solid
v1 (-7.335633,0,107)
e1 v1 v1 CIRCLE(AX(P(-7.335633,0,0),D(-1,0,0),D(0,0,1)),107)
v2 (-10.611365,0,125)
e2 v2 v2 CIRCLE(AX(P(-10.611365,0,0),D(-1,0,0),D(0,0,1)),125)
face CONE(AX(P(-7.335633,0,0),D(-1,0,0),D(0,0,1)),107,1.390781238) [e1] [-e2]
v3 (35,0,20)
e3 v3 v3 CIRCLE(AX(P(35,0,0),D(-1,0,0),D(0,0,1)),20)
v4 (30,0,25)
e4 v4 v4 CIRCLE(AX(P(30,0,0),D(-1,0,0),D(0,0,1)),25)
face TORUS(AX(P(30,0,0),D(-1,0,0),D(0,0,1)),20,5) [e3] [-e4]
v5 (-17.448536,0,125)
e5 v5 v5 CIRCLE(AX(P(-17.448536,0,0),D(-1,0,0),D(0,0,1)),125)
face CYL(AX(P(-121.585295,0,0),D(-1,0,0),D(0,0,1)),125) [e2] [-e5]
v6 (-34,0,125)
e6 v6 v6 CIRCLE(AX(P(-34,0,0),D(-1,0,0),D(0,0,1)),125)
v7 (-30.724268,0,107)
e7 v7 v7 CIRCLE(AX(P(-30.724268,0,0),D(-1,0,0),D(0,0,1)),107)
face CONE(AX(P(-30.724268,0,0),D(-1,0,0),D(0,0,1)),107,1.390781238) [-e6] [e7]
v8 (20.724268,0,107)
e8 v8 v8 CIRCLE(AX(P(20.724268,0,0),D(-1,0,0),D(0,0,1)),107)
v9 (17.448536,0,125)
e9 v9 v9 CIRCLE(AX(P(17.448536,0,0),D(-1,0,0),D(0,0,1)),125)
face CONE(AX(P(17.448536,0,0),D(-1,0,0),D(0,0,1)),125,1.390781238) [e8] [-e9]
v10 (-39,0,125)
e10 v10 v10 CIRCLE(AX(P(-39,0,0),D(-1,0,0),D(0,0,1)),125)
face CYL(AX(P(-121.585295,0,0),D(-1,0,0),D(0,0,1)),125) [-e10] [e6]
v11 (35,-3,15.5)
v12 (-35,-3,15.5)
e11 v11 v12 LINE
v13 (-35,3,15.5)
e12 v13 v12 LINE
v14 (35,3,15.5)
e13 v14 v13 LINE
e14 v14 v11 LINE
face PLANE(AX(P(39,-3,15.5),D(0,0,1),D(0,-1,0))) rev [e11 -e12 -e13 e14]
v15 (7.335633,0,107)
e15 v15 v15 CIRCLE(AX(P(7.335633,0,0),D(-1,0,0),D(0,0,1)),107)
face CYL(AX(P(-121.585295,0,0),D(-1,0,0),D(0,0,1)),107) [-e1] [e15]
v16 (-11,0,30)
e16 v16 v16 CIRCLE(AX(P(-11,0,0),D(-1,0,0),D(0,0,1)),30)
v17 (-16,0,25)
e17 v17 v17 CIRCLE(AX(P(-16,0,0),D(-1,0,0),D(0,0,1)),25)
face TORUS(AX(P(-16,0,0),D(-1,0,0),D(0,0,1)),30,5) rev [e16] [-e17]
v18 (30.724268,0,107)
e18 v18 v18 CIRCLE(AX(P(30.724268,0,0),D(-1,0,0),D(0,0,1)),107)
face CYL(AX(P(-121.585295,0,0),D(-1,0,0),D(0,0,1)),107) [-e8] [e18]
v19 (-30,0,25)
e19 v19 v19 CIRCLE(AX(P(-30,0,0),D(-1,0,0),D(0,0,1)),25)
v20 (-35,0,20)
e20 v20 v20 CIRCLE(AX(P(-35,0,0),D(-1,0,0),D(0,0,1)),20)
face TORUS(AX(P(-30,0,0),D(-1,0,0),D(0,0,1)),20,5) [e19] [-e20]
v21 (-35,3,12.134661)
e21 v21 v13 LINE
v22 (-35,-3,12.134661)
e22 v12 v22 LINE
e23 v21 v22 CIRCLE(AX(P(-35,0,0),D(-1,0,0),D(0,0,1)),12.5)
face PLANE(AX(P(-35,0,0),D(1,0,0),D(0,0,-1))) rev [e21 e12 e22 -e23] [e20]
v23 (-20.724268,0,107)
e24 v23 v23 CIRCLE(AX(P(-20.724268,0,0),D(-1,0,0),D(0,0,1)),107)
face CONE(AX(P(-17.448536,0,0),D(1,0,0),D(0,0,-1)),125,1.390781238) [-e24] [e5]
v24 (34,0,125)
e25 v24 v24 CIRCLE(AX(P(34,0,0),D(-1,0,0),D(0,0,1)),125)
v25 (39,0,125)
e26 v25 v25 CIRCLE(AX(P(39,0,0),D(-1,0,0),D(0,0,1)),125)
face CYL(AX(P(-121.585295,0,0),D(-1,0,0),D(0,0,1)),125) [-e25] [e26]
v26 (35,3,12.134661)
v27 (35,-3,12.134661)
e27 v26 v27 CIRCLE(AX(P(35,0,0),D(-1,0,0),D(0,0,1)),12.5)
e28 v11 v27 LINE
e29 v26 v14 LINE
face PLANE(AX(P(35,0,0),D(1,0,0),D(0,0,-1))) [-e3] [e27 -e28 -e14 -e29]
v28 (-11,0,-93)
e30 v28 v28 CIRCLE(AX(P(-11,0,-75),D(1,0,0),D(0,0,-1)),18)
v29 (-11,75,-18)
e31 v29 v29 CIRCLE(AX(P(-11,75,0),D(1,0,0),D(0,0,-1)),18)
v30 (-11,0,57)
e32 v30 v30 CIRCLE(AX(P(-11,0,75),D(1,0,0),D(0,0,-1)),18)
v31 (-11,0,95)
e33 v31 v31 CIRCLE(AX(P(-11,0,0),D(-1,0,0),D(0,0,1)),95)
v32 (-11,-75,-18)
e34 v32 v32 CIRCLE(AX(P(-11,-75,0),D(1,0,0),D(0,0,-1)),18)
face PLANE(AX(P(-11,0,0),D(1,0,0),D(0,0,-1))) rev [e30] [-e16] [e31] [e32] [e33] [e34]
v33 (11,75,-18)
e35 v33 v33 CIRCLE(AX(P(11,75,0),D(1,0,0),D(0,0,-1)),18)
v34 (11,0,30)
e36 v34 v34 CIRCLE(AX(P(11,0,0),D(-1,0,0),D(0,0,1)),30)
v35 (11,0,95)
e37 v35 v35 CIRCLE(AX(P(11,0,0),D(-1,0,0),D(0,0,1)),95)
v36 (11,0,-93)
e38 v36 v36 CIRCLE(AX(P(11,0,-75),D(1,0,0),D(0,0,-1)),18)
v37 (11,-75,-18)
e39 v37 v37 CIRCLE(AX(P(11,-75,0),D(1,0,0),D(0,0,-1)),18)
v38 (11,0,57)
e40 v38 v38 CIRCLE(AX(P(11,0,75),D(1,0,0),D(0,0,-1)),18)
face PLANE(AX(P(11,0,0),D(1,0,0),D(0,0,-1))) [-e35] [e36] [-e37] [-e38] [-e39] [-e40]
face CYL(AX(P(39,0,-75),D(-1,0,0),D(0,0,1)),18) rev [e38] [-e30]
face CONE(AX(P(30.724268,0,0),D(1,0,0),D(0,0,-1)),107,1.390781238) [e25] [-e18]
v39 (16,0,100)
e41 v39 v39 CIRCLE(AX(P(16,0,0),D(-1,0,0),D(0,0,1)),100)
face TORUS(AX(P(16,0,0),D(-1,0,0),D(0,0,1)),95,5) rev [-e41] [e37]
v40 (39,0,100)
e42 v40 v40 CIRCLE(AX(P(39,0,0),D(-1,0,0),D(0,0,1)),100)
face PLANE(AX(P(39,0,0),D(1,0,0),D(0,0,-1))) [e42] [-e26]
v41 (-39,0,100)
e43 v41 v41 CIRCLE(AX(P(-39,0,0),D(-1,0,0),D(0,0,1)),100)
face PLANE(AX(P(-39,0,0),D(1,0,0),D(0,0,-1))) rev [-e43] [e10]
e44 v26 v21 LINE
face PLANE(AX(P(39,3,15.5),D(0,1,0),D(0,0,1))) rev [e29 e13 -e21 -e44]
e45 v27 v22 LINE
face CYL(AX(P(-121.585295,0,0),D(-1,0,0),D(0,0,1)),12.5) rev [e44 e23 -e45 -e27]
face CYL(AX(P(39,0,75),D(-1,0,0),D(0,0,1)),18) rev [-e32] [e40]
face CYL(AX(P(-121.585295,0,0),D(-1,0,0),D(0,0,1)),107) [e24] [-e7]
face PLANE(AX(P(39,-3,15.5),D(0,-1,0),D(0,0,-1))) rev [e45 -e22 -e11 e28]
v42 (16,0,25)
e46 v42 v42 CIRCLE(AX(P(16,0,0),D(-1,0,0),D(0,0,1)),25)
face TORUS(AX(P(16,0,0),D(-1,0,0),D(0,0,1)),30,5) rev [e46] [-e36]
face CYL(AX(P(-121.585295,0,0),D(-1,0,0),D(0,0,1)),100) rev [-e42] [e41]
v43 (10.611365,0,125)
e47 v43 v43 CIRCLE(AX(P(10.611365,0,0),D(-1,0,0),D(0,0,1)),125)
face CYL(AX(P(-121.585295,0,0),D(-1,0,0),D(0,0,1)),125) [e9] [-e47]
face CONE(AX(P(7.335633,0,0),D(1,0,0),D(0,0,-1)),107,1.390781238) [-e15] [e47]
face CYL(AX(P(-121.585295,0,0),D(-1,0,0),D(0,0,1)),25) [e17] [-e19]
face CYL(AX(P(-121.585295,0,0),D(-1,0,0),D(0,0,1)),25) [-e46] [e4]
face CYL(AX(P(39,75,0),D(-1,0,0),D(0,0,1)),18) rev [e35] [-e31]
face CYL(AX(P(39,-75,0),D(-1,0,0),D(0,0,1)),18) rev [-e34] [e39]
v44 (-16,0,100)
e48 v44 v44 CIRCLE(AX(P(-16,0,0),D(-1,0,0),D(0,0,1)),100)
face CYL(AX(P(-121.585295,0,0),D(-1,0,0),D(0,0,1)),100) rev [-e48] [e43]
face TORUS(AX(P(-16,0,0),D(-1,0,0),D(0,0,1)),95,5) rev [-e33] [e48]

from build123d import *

# Parameters (mm, degrees)
CUT_EXTRUDE1_DEPTH      = 184.711730709
CUT_EXTRUDE1_DEPTH_BACK = 184.711730709
SKETCH2_R               = 18


with BuildPart() as part:
    # Sketch1 → Revolve2 (revolve)
    with BuildSketch(Plane.XY, mode=Mode.PRIVATE) as revolve2_sk:
        with BuildLine():
            Line((-10.611364858, 125), (-17.448535783, 125))
            Line((-17.448535783, 125), (-20.724267892, 107))
            Line((-20.724267892, 107), (-30.724267892, 107))
            Line((-30.724267892, 107), (-34, 125))
            Line((-34, 125), (-39, 125))
            Line((-39, 125), (-39, 100))
            Line((-39, 100), (-16, 100))
            ThreePointArc((-16, 100), (-12.464466094, 98.535533906), (-11, 95))
            Line((-11, 95), (-11, 30))
            ThreePointArc((-11, 30), (-12.464466094, 26.464466094), (-16, 25))
            Line((-16, 25), (-30, 25))
            ThreePointArc((-30, 25), (-33.535533906, 23.535533906), (-35, 20))
            Line((-35, 20), (-35, 12.5))
            Line((-35, 12.5), (0, 12.5))
            Line((0, 12.5), (35, 12.5))
            Line((35, 12.5), (35, 20))
            ThreePointArc((35, 20), (33.535533906, 23.535533906), (30, 25))
            Line((30, 25), (16, 25))
            ThreePointArc((16, 25), (12.464466094, 26.464466094), (11, 30))
            Line((11, 30), (11, 95))
            ThreePointArc((11, 95), (12.464466094, 98.535533906), (16, 100))
            Line((16, 100), (39, 100))
            Line((39, 100), (39, 125))
            Line((39, 125), (34, 125))
            Line((34, 125), (30.724267892, 107))
            Line((30.724267892, 107), (20.724267892, 107))
            Line((20.724267892, 107), (17.448535783, 125))
            Line((17.448535783, 125), (10.611364858, 125))
            Line((10.611364858, 125), (7.33563275, 107))
            Line((7.33563275, 107), (-7.33563275, 107))
            Line((-7.33563275, 107), (-10.611364858, 125))
        make_face()
    revolve(revolve2_sk.sketch.rotate(Axis((-121.58529461, 0, 0), (1, 0, 0)), 90), axis=Axis((-121.58529461, 0, 0), (1, 0, 0)))

    # Sketch2 → Cut-Extrude1 (cut, two sides: drawn at the far end of the back side and taken through both)
    with BuildSketch(Plane.ZY.offset(11).offset(-CUT_EXTRUDE1_DEPTH_BACK)):
        with Locations(Location((0, 75, 0), (0, 0, 180))):
            Circle(SKETCH2_R)
        with Locations(Location((75, 0, 0), (0, 0, 180))):
            Circle(SKETCH2_R)
        with Locations(Location((0, -75, 0), (0, 0, 180))):
            Circle(SKETCH2_R)
        with Locations(Location((-75, 0, 0), (0, 0, 180))):
            Circle(SKETCH2_R)
        with BuildLine():
            Line((15.5, -3), (15.5, 3))
            Line((15.5, 3), (12.1346611, 3))
            ThreePointArc((12.1346611, 3), (-12.5, 0), (12.1346611, -3))
            Line((12.1346611, -3), (15.5, -3))
        make_face()
    extrude(amount=CUT_EXTRUDE1_DEPTH + CUT_EXTRUDE1_DEPTH_BACK, mode=Mode.SUBTRACT)


solid = part.part
